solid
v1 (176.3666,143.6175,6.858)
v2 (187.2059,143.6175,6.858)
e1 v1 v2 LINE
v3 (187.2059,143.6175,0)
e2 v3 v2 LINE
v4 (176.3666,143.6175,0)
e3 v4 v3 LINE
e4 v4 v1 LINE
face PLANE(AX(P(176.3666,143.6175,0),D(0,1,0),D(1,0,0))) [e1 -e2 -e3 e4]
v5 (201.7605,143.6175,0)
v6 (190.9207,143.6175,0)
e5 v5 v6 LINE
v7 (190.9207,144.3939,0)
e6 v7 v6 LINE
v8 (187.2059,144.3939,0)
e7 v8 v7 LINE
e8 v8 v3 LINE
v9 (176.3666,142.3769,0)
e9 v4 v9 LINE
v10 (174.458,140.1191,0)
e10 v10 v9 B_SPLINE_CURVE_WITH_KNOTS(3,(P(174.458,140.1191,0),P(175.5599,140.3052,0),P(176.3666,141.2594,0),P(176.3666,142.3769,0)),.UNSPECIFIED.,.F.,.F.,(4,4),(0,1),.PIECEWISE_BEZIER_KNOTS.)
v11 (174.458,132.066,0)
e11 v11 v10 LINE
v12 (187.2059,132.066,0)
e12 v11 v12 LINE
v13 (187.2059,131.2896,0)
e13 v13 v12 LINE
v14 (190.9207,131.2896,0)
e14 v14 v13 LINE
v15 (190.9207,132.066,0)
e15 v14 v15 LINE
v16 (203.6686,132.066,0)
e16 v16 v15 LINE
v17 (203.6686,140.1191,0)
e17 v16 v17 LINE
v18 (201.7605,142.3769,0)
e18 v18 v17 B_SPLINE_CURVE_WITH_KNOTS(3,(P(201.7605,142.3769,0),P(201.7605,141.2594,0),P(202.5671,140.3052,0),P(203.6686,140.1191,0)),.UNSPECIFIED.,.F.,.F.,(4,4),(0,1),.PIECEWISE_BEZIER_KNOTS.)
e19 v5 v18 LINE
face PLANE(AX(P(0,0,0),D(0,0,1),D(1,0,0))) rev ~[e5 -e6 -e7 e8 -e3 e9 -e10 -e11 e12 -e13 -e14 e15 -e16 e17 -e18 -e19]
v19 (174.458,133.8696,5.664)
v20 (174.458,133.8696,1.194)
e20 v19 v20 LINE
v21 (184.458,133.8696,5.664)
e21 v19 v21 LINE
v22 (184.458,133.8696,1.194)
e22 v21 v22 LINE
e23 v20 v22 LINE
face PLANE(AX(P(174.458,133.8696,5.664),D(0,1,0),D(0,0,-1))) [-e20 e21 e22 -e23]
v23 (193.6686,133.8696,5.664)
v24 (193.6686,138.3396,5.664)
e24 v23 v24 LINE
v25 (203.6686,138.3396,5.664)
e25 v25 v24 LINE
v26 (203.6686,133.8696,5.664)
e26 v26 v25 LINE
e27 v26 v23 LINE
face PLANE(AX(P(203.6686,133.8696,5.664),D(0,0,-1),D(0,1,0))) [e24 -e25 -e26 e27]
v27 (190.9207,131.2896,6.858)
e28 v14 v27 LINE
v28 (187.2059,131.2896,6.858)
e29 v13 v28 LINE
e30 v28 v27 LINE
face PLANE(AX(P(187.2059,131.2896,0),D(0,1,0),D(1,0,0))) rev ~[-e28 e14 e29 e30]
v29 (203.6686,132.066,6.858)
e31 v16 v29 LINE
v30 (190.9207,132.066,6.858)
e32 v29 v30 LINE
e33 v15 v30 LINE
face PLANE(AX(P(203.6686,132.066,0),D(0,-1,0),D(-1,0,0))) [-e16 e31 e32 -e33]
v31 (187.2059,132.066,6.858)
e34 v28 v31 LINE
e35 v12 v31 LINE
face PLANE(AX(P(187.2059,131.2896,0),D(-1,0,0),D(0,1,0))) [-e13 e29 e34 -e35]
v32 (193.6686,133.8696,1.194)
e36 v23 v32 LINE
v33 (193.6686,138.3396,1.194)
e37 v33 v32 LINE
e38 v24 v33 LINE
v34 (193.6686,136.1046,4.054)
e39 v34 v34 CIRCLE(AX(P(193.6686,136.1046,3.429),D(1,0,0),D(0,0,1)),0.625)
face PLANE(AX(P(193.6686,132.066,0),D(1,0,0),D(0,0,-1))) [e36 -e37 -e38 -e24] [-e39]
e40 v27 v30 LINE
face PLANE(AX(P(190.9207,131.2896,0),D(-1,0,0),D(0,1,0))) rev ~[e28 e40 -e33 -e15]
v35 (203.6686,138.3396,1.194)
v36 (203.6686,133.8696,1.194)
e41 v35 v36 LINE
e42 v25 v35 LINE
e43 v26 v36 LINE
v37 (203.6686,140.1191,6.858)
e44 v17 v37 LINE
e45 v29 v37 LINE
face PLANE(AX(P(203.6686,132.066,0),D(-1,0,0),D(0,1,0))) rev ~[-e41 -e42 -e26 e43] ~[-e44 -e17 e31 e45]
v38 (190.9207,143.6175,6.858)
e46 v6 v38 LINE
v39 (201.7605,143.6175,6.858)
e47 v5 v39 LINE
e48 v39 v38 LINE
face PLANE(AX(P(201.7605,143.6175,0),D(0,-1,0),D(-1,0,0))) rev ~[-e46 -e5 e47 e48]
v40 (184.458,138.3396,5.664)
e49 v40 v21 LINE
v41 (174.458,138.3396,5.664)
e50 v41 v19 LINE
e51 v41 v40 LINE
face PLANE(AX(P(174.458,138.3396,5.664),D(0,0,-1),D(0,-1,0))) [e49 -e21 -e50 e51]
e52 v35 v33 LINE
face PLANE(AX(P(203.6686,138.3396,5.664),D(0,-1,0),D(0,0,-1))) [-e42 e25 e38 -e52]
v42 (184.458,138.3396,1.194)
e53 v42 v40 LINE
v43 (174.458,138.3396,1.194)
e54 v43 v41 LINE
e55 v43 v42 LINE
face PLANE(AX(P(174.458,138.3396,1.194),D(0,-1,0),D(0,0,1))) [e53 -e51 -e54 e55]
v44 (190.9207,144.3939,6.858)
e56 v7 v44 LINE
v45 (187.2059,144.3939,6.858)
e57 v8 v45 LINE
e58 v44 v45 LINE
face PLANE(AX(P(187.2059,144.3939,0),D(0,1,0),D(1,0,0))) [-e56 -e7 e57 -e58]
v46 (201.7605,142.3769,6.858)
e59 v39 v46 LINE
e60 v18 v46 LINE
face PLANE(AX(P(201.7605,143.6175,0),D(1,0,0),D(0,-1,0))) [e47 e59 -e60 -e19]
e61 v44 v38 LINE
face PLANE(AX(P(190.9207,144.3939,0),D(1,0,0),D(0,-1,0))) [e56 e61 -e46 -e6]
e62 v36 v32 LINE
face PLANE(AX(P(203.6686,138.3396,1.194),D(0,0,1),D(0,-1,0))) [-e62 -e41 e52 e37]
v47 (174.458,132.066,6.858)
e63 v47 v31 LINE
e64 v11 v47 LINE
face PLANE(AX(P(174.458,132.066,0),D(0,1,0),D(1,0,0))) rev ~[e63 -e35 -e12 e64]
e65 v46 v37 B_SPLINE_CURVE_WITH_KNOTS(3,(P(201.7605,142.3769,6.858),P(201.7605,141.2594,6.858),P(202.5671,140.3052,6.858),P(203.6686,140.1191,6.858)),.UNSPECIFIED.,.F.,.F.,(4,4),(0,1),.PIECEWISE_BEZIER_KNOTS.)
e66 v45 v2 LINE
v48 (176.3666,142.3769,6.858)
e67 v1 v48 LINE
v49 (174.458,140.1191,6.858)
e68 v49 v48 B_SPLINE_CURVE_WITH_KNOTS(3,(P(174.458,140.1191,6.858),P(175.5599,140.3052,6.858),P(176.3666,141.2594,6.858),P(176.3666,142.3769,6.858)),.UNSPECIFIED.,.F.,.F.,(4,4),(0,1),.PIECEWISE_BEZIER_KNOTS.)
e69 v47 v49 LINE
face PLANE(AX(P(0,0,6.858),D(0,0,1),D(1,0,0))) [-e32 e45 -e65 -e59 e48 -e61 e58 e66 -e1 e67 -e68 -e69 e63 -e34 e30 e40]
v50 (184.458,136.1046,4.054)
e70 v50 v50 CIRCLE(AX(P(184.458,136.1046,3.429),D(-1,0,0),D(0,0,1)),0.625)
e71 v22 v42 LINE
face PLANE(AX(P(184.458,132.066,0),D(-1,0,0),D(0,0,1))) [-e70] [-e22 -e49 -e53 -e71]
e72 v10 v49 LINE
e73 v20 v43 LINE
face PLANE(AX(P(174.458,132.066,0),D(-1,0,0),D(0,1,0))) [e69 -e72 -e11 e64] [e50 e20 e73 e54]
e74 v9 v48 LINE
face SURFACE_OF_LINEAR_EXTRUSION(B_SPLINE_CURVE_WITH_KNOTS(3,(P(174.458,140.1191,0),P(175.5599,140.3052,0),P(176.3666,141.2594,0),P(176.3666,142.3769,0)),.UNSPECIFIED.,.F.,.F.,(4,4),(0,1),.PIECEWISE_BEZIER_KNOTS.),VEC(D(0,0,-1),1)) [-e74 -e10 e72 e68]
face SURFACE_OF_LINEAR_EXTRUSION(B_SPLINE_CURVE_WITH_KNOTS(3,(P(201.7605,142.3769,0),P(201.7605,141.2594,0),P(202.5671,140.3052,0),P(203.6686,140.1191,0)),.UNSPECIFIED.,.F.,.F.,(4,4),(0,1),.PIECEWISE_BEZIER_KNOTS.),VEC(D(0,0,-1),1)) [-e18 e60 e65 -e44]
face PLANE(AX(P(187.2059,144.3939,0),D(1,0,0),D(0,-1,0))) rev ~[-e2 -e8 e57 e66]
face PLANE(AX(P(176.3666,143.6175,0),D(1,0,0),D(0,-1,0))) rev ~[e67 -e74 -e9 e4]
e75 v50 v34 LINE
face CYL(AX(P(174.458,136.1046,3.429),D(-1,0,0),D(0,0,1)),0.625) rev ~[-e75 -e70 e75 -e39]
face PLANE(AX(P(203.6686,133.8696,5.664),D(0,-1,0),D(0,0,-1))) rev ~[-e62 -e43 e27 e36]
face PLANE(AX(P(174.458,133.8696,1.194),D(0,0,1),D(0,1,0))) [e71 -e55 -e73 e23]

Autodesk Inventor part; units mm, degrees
ref_plane "YZ Plane" through (0, 0, 0) normal (1, 0, 0) x (0, 1, 0)
ref_plane "XZ Plane" through (0, 0, 0) normal (0, 1, 0) x (-1, 0, 0)
ref_plane "XY Plane" through (0, 0, 0) normal (0, 0, 1) x (1, 0, 0)
sketch "Sketch1" plane through (0, 0, 0) normal (0, 0, 1) x (1, 0, 0)
  point P0 (0, 0)
sketch "0" plane through (0, 0, 0) normal (0, 0, 1) x (1, 0, 0)
  spline S0 degree 3 poles (174.458, 140.1191) (175.5599, 140.3052) (176.3666, 141.2594) (176.3666, 142.3769) knots 0 0 0 0 1 1 1 1
  line L0 (174.458, 140.1191) -> (175.5599, 140.3052) construction
  line L1 (175.5599, 140.3052) -> (176.3666, 141.2594) construction
  line L2 (176.3666, 141.2594) -> (176.3666, 142.3769) construction
  spline S1 degree 3 poles (201.7605, 142.3769) (201.7605, 141.2594) (202.5671, 140.3052) (203.6686, 140.1191) knots 0 0 0 0 1 1 1 1
  line L3 (201.7605, 142.3769) -> (201.7605, 141.2594) construction
  line L4 (201.7605, 141.2594) -> (202.5671, 140.3052) construction
  line L5 (202.5671, 140.3052) -> (203.6686, 140.1191) construction
  line L6 (187.2059, 144.3939) -> (189.0634, 144.3939)
  line L7 (187.2059, 144.3939) -> (187.2059, 142.2564)
  line L8 (190.9207, 144.3939) -> (190.9207, 142.9173)
  line L9 (203.6686, 132.066) -> (203.6686, 140.1191)
  line L10 (201.7605, 143.6175) -> (201.7605, 142.3769)
  line L11 (174.458, 132.066) -> (187.2059, 132.066)
  line L12 (176.3666, 143.6175) -> (187.2059, 143.6175)
  line L13 (174.458, 132.066) -> (174.458, 140.1191)
  line L14 (176.3666, 143.6175) -> (176.3666, 142.3769)
  line L15 (203.6686, 132.066) -> (190.9207, 132.066)
  line L16 (201.7605, 143.6175) -> (190.9207, 143.6175)
  line L17 (190.9207, 130.2365) -> (190.9207, 145.2514)
  line L18 (189.0634, 131.2896) -> (189.0634, 144.3939)
  line L19 (189.0634, 131.2896) -> (189.0634, 144.3939)
  line L20 (189.0634, 131.2896) -> (189.0634, 144.3939)
  line L21 (193.4909, 136.8872) -> (192.7376, 136.8872)
  line L22 (192.4867, 136.8872) -> (192.2352, 136.8872)
  line L23 (191.984, 136.8872) -> (190.4774, 136.8872)
  line L24 (190.226, 136.8872) -> (189.9748, 136.8872)
  line L25 (189.7238, 136.8872) -> (188.2172, 136.8872)
  line L26 (187.966, 136.8872) -> (187.7145, 136.8872)
  line L27 (187.4633, 136.8872) -> (185.9567, 136.8872)
  line L28 (185.7055, 136.8872) -> (185.4546, 136.8872)
  line L29 (185.2031, 136.8872) -> (184.4498, 136.8872)
  line L30 (190.9207, 131.2896) -> (189.0634, 131.2896)
  line L31 (187.2059, 131.2896) -> (187.2059, 133.4271)
  line L32 (187.2059, 131.2896) -> (189.0634, 131.2896)
  line L33 (190.9207, 131.2896) -> (190.9207, 132.7662)
  line L34 (190.9207, 144.3939) -> (189.0634, 144.3939)
extrude "Extrusion1" add sketch "0" along normal blind 6.858
sketch "Sketch3" plane through (174.458, 132.066, 0) normal (-1, 0, 0) x (0, 0, 1)
  circle A0 centre (3.429, 4.0386) radius 0.625
  point P0 (0, -132.066)
  dimension "d2" = 1.25
extrude "Extrusion2" cut sketch "Sketch3" against normal through all
sketch "Sketch4" plane through (174.458, 132.066, 0) normal (-1, 0, 0) x (0, 0, 1)
  line L0 (1.194, 6.2736) -> (5.664, 6.2736)
  line L1 (5.664, 6.2736) -> (5.664, 1.8036)
  line L2 (5.664, 1.8036) -> (1.194, 1.8036)
  line L3 (1.194, 1.8036) -> (1.194, 6.2736)
  circle A0 centre (3.429, 4.0386) radius 0.625 projected
  line L4 (1.194, 6.2736) -> (5.664, 1.8036) construction
  line L5 (5.664, 6.2736) -> (1.194, 1.8036) construction
  point P0 (0, -132.066)
  dimension "d5" = 4.47
  dimension "d6" = 4.47
extrude "Extrusion3" cut sketch "Sketch4" against normal blind 10
sketch "Sketch5" plane through (203.6686, 132.066, 0) normal (1, 0, 0) x (0, 0, -1)
  line L0 (-5.664, 1.8036) -> (-1.194, 1.8036) projected
  line L1 (-5.664, 6.2736) -> (-1.194, 6.2736)
  line L2 (-1.194, 6.2736) -> (-1.194, 1.8036)
  line L3 (-1.194, 1.8036) -> (-5.664, 1.8036)
  line L4 (-5.664, 1.8036) -> (-5.664, 6.2736)
  circle A0 centre (-3.429, 4.0386) radius 0.625 projected
  line L5 (-5.664, 6.2736) -> (-1.194, 1.8036) construction
  line L6 (-1.194, 6.2736) -> (-5.664, 1.8036) construction
  point P0 (0, -132.066)
extrude "Extrusion4" cut sketch "Sketch5" against normal blind 10
properties part number "lc_lc_coupler_molex_1061251100_sd_scaled_3d" material "Acetal Resin, Black"
